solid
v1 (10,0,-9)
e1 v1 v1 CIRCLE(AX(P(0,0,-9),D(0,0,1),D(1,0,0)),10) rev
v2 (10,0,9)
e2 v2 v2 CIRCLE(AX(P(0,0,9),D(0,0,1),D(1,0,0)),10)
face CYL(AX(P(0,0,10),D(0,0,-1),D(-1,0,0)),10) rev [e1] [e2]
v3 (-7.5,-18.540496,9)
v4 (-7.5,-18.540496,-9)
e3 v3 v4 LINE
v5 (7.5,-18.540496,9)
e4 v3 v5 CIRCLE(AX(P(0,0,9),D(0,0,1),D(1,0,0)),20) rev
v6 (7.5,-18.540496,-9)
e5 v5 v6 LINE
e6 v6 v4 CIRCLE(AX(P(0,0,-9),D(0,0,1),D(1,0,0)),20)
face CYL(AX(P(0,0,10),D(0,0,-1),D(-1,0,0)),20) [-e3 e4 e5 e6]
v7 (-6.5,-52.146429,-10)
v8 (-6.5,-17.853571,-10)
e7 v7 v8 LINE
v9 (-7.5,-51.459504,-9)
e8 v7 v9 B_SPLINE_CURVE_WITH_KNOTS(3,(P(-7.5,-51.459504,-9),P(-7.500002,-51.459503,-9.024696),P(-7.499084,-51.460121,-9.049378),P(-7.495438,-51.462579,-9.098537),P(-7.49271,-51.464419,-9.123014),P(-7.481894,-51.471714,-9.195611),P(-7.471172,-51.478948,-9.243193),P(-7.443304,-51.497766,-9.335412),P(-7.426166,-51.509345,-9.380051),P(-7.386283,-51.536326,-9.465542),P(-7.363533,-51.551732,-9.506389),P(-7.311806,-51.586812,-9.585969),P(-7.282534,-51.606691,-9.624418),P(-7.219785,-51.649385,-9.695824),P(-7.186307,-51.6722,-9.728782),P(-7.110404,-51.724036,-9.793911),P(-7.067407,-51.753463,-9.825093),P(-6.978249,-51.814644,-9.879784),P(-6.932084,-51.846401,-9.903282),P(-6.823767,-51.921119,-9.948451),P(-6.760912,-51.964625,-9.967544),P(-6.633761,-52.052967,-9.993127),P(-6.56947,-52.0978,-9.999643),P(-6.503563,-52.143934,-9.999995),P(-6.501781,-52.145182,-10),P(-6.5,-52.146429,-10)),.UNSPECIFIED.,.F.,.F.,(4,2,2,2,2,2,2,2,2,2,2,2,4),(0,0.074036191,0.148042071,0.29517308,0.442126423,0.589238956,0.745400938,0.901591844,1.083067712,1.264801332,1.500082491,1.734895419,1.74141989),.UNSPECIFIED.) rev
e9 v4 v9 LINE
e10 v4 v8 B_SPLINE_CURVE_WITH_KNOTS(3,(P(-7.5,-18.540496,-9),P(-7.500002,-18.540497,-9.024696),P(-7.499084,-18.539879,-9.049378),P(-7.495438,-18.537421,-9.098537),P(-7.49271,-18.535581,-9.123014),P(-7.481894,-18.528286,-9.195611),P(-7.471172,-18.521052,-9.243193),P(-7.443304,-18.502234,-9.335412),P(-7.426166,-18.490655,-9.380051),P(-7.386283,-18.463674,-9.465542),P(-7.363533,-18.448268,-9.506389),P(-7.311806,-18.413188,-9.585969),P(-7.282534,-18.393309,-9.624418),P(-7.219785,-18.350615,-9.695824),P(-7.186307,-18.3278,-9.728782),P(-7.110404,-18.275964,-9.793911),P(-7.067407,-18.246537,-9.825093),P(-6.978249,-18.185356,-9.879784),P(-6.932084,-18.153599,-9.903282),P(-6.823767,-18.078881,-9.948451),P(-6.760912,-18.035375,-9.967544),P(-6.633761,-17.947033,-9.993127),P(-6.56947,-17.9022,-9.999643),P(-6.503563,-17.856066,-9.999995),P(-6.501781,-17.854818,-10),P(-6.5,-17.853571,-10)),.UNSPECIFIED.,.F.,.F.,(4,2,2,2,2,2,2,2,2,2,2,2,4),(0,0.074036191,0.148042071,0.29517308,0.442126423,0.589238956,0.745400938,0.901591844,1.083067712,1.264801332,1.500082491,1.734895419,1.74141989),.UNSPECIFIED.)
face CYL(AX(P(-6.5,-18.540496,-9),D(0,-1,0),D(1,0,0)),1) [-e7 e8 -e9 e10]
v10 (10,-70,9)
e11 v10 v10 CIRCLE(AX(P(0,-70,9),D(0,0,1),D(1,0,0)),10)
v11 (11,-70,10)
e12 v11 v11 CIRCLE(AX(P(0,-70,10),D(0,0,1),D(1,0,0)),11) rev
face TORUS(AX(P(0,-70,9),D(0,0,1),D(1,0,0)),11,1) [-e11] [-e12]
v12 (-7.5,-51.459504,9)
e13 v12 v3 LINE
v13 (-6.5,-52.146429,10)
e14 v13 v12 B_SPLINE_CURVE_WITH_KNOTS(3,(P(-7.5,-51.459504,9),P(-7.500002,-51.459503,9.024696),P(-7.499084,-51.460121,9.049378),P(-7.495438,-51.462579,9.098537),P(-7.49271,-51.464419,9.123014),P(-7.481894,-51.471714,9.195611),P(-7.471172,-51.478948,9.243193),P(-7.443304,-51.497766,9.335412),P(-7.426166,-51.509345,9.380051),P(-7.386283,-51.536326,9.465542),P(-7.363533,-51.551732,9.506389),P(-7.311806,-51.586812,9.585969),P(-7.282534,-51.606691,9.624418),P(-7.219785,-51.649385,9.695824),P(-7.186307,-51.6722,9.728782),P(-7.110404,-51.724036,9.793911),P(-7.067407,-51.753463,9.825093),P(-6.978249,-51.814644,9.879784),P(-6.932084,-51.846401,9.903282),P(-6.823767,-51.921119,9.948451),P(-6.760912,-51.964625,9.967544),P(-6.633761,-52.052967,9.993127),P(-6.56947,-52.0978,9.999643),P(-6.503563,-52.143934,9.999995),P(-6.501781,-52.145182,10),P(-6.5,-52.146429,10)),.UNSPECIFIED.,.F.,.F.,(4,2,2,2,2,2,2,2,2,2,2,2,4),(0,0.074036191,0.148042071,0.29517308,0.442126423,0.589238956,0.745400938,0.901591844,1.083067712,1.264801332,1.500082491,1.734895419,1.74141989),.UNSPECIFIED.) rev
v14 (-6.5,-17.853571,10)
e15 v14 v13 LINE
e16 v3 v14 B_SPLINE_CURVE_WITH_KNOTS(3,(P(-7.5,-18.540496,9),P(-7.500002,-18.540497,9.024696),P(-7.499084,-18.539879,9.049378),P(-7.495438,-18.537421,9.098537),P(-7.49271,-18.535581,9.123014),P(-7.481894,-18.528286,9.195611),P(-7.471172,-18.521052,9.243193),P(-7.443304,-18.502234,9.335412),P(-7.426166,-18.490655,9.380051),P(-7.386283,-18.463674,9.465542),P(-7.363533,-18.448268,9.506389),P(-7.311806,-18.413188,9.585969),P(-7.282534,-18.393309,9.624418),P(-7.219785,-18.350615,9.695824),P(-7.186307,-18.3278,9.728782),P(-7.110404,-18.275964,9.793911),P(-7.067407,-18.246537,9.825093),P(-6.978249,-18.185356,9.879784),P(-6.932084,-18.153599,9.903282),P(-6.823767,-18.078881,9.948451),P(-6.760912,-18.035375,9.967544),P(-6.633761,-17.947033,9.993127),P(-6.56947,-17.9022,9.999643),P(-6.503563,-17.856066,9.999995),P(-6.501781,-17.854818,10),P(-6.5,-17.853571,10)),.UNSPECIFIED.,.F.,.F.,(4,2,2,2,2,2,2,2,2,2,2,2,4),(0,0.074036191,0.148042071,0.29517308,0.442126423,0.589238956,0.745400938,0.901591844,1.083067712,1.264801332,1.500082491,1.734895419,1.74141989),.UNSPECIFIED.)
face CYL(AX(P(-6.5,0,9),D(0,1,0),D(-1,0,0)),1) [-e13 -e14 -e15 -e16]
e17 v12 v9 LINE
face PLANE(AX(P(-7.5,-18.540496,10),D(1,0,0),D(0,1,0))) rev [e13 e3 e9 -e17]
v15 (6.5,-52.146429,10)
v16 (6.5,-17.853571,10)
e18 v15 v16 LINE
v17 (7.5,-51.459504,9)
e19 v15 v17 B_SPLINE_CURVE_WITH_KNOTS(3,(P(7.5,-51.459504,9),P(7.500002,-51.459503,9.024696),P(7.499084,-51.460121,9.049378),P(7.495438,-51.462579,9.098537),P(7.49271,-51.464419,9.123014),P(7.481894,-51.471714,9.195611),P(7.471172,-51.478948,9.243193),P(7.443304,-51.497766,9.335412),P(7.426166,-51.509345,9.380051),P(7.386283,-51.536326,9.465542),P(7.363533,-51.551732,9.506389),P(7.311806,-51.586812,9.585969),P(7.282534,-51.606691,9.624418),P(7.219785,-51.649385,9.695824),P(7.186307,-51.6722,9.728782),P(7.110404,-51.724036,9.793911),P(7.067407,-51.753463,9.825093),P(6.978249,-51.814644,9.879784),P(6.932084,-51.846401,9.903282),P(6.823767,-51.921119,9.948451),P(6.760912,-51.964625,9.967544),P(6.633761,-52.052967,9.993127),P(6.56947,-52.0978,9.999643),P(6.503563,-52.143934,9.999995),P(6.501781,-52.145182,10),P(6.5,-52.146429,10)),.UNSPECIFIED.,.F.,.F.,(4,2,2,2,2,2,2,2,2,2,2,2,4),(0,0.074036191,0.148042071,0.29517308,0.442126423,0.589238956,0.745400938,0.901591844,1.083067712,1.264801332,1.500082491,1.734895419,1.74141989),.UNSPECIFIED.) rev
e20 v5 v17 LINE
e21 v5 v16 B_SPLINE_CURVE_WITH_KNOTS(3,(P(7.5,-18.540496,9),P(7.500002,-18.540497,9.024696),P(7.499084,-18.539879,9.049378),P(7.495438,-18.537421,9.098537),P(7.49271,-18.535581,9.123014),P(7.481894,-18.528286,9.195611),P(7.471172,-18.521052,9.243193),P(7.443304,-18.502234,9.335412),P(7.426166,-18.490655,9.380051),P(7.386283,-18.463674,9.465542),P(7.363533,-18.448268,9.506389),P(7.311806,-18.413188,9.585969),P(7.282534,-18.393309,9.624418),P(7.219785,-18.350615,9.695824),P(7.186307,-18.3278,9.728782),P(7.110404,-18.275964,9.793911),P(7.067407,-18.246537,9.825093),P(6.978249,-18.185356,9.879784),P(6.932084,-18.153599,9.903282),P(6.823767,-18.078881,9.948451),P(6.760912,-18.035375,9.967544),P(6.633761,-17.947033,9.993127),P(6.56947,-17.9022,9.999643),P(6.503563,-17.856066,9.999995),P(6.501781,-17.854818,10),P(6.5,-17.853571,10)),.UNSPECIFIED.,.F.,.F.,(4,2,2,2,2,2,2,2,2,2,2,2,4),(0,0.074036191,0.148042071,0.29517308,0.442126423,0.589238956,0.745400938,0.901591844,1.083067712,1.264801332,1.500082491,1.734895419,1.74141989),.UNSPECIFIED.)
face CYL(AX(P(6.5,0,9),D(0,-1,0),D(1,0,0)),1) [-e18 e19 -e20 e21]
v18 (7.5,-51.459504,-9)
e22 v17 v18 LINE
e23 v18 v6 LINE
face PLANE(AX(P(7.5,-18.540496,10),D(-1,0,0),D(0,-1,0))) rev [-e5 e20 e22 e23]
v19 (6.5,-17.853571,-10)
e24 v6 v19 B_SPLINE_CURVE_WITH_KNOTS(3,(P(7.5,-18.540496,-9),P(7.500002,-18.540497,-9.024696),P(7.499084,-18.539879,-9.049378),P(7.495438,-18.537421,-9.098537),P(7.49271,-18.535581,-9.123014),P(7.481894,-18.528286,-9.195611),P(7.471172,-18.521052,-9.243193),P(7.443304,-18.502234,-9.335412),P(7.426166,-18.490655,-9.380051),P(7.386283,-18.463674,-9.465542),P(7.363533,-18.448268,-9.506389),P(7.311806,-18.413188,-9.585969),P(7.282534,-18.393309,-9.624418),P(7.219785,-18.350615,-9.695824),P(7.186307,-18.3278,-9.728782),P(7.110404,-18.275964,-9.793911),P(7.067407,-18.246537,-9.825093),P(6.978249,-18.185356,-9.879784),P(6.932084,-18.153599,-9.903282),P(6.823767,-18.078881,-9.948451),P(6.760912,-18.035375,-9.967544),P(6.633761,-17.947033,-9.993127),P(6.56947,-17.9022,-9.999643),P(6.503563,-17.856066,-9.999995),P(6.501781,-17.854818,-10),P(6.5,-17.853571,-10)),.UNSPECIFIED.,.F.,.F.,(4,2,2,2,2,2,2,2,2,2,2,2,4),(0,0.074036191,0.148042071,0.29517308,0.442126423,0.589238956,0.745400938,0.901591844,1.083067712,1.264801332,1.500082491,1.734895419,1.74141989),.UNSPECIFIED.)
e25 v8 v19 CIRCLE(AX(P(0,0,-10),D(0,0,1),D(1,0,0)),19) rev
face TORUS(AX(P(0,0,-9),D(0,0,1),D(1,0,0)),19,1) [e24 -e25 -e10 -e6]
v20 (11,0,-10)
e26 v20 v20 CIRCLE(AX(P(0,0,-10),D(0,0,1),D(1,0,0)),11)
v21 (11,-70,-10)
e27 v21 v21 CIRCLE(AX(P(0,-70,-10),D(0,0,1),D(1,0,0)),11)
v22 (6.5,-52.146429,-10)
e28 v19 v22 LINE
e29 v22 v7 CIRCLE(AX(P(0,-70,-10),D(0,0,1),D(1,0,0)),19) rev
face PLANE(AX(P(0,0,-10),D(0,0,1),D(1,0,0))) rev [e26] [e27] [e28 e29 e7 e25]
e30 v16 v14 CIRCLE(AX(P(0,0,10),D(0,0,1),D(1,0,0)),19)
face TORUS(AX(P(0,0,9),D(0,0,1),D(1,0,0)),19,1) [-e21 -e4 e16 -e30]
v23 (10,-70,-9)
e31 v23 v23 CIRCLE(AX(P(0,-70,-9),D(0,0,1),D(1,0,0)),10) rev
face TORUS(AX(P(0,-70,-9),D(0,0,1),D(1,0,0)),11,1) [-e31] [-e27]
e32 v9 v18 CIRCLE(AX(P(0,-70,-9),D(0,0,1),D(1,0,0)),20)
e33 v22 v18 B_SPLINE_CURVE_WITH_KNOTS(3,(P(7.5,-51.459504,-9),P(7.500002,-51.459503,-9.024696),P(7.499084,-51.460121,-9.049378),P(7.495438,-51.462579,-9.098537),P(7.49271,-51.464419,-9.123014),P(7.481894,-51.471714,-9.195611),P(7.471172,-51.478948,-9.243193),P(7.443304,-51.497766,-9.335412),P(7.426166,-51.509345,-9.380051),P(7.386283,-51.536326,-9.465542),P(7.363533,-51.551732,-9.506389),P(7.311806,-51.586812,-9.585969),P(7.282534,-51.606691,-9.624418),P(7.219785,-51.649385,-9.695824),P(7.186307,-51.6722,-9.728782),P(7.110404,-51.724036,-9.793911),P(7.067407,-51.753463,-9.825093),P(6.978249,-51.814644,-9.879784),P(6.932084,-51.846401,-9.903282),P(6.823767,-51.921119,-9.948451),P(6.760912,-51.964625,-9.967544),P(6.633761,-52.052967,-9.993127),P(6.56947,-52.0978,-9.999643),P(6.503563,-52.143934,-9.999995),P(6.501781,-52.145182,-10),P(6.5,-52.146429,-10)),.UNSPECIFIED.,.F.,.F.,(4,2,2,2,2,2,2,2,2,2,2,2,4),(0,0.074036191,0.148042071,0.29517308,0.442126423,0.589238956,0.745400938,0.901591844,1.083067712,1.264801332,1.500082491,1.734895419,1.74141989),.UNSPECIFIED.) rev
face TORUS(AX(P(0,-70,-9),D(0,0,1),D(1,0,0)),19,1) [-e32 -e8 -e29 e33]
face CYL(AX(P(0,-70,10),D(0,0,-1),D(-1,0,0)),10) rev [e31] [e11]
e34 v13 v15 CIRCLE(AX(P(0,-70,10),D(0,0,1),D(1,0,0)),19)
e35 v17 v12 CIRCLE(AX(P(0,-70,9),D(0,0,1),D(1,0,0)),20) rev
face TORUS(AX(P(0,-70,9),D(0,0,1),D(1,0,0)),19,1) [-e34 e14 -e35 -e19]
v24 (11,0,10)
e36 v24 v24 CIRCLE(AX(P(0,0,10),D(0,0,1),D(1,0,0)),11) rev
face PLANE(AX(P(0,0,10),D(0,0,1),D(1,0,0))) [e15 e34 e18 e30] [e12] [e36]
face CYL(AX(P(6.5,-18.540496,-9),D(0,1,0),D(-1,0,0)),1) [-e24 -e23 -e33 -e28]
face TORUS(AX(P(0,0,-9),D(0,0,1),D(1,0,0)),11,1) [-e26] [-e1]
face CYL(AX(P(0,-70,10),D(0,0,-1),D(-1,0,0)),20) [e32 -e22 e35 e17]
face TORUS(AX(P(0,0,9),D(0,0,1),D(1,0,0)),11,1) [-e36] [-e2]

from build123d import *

# Parameters (mm, degrees)
SKETCH1_R           = 10
BOSS_EXTRUDE1_DEPTH = 10
FILLET1_R           = 1


with BuildPart() as part:
    # Sketch1 → Boss-Extrude1 (new body, symmetric)
    with BuildSketch(Plane.XY):
        with BuildLine():
            Line((7.5, -18.540496218), (7.5, -51.459503782))
            ThreePointArc((7.5, -51.459503782), (0, -90), (-7.5, -51.459503782))
            Line((-7.5, -51.459503782), (-7.5, -18.540496218))
            ThreePointArc((-7.5, -18.540496218), (0, 20), (7.5, -18.540496218))
        make_face()
        Circle(SKETCH1_R, mode=Mode.SUBTRACT)
        with Locations((0, -70)):
            Circle(SKETCH1_R, mode=Mode.SUBTRACT)
    extrude(amount=BOSS_EXTRUDE1_DEPTH, both=True)

    # Fillet1
    fillet1_edges = [part.edges().sort_by_distance(p)[0] for p in [
        (-10, 0, -10),
        (-10, 0, 10),
        (0, -90, 10),
        (-10, -70, -10),
        (-10, -70, 10),
        (7.5, -35, 10),
        (0, 20, 10),
        (7.5, -35, -10),
        (0, -90, -10),
        (-7.5, -35, -10),
        (0, 20, -10),
        (-7.5, -35, 10),
    ]]
    fillet(fillet1_edges, radius=FILLET1_R)


solid = part.part
